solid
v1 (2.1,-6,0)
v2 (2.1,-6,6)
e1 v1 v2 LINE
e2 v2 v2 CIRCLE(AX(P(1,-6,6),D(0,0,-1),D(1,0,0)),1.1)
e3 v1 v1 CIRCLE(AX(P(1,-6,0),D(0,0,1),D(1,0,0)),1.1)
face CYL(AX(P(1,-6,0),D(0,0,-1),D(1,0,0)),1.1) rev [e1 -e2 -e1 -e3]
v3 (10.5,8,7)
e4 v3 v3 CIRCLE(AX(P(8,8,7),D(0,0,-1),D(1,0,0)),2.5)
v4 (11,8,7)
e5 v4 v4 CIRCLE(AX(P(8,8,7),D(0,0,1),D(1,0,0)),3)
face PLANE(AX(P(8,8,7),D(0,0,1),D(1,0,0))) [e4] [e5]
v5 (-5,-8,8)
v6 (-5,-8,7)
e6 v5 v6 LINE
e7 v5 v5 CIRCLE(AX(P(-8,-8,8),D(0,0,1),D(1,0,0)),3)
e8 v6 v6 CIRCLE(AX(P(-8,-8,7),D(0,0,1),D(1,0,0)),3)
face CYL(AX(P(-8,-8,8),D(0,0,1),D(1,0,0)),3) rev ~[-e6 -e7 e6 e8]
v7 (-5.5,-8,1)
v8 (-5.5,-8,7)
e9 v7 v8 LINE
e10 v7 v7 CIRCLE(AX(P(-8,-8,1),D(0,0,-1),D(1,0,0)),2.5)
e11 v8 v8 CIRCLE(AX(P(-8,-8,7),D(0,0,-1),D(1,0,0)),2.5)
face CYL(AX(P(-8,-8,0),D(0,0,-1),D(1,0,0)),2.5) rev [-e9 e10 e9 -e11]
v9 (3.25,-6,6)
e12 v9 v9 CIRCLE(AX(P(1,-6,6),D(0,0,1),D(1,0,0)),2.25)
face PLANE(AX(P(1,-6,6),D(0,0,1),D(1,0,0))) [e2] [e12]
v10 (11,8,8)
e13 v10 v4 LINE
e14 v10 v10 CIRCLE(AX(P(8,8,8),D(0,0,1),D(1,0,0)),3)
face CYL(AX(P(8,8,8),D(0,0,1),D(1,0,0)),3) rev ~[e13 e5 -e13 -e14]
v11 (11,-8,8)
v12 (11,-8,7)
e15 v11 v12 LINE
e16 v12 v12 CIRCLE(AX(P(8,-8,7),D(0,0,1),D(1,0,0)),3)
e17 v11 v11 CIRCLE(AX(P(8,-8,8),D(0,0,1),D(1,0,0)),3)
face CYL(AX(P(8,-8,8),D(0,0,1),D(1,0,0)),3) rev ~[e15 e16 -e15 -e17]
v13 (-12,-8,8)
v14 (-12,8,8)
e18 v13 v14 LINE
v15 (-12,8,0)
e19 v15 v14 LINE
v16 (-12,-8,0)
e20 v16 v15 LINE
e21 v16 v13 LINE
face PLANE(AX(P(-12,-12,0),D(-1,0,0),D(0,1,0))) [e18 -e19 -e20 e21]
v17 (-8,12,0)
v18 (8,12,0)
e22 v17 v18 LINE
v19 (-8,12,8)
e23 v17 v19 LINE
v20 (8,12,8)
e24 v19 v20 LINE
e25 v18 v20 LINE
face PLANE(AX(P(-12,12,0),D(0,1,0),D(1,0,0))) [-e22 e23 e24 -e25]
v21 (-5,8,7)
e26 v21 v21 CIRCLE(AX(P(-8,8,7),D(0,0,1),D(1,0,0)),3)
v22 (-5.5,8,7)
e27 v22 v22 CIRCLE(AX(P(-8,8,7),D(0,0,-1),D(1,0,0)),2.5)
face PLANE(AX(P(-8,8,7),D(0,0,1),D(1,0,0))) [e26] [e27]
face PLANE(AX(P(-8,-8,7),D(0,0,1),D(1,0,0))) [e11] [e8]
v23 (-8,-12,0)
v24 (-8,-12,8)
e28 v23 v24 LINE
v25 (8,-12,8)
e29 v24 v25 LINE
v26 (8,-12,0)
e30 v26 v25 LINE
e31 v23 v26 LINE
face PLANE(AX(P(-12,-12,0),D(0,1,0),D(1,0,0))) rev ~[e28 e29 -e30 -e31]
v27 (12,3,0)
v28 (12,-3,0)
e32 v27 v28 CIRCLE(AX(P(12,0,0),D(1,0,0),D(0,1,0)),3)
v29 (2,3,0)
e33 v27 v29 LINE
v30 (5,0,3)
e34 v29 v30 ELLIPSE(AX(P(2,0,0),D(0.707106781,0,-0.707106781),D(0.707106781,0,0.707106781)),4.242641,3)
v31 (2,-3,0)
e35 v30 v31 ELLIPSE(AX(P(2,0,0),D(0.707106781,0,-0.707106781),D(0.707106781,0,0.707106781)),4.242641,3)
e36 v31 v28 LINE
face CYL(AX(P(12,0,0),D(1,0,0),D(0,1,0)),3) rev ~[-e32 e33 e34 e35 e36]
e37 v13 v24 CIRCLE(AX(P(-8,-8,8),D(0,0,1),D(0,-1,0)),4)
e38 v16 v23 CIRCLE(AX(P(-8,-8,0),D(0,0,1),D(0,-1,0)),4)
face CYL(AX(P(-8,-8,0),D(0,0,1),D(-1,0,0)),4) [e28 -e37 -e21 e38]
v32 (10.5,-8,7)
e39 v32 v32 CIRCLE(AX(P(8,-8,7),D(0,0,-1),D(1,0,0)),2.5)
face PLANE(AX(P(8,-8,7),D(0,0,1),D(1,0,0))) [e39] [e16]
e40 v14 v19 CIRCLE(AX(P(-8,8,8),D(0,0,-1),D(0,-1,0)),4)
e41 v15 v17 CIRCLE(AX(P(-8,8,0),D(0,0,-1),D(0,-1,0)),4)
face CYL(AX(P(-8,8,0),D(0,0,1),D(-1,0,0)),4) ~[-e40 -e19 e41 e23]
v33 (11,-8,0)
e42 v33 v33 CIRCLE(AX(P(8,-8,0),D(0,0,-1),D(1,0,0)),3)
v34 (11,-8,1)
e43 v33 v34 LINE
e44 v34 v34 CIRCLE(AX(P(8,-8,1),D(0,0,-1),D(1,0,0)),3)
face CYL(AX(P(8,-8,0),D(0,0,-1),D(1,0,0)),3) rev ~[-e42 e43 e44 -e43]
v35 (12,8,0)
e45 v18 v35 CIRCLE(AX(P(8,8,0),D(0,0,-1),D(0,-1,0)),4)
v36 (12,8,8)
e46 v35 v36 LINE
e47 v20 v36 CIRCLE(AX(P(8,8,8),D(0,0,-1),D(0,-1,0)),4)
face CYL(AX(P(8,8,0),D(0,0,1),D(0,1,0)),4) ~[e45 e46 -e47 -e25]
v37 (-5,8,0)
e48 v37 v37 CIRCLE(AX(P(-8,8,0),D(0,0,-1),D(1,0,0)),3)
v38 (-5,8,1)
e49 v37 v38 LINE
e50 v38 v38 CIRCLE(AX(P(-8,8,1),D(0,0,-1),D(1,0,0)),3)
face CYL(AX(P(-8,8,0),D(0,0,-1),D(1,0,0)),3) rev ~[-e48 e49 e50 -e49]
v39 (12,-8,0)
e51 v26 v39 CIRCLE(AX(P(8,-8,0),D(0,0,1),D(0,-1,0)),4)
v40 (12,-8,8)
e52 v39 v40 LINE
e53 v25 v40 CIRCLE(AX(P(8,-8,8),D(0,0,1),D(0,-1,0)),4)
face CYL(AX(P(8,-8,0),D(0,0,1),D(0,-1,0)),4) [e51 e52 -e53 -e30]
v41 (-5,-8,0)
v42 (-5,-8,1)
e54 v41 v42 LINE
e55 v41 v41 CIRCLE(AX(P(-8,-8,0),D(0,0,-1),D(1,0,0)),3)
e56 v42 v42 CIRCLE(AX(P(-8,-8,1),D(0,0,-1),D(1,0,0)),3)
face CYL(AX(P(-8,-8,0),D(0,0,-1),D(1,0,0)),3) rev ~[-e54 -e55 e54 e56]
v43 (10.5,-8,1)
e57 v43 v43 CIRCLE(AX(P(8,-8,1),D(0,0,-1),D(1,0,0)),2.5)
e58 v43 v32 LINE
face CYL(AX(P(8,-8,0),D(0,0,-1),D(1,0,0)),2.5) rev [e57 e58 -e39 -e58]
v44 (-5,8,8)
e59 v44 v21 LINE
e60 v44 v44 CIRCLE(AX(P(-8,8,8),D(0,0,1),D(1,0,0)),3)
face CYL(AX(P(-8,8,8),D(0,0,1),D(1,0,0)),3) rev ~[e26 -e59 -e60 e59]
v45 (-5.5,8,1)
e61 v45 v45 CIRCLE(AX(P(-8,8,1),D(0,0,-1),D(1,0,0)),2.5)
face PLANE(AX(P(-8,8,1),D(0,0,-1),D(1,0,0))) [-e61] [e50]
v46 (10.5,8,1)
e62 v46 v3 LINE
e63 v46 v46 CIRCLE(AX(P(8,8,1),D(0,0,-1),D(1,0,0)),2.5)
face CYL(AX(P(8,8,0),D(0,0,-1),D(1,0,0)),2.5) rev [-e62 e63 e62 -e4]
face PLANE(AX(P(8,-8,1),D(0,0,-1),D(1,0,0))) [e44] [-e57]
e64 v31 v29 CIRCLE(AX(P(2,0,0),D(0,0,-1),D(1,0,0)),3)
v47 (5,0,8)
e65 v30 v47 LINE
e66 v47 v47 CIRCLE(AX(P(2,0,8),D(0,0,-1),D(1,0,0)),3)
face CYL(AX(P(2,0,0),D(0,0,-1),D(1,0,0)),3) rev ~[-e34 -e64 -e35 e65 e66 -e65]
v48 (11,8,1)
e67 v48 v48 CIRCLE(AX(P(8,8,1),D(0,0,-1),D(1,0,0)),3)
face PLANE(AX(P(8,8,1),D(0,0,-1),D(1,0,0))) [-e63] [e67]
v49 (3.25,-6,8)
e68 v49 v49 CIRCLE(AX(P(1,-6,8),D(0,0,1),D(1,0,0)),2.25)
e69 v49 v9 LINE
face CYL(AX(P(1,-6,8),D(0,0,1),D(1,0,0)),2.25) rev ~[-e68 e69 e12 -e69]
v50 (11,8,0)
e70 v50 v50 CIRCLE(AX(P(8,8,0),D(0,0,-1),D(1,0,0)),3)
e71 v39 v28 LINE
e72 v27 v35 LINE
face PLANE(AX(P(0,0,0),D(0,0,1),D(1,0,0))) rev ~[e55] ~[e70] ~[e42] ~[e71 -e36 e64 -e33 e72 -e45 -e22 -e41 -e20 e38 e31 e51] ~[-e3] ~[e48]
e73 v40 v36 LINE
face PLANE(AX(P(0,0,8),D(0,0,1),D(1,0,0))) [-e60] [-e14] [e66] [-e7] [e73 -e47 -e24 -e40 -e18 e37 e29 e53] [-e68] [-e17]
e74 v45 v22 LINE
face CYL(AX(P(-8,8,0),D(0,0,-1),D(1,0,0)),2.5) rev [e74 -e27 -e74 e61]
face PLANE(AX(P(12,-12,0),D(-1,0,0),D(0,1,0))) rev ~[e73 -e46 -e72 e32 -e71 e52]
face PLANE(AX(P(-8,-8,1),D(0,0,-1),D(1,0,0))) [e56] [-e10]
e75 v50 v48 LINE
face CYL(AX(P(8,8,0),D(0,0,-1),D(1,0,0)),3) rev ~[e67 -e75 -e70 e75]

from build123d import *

# Parameters (mm, degrees)
SKETCH_W        = 24
SKETCH_H        = 24
SKETCH_R        = 2.5
SKETCH_R_2      = 1.1
PAD_DEPTH       = 8
SKETCH001_R     = 3
POCKET_DEPTH    = 1
SKETCH002_R     = 3
POCKET001_DEPTH = 10
SKETCH003_R     = 3
POCKET002_DEPTH = 8
FILLET_R        = 4
SKETCH004_R     = 2.25
POCKET003_DEPTH = 2
SKETCH005_R     = 3
POCKET004_DEPTH = 1


with BuildPart() as part:
    # Sketch → Pad (new body)
    with BuildSketch(Plane.XY):
        Rectangle(SKETCH_W, SKETCH_H)
        with Locations((-8, 8)):
            Circle(SKETCH_R, mode=Mode.SUBTRACT)
        with Locations((8, 8)):
            Circle(SKETCH_R, mode=Mode.SUBTRACT)
        with Locations((-8, -8)):
            Circle(SKETCH_R, mode=Mode.SUBTRACT)
        with Locations((8, -8)):
            Circle(SKETCH_R, mode=Mode.SUBTRACT)
        with Locations((1, -6)):
            Circle(SKETCH_R_2, mode=Mode.SUBTRACT)
    extrude(amount=PAD_DEPTH)

    # Sketch001 (on Face10 of Pad) → Pocket (cut)
    with BuildSketch(Plane(origin=(0, 0, 0), x_dir=(1, 0, 0), z_dir=(0, 0, -1))):
        with Locations((-8, 8)):
            Circle(SKETCH001_R)
        with Locations((8, 8)):
            Circle(SKETCH001_R)
        with Locations((8, -8)):
            Circle(SKETCH001_R)
        with Locations((-8, -8)):
            Circle(SKETCH001_R)
    extrude(amount=-POCKET_DEPTH, mode=Mode.SUBTRACT)

    # Sketch002 (on Face6 of Pocket) → Pocket001 (cut)
    with BuildSketch(Plane.YZ.offset(12)):
        Circle(SKETCH002_R)
    extrude(amount=-POCKET001_DEPTH, mode=Mode.SUBTRACT)

    # Sketch003 (on Face4 of Pocket001) → Pocket002 (cut)
    with BuildSketch(Plane(origin=(0, 0, 0), x_dir=(1, 0, 0), z_dir=(0, 0, -1))):
        with Locations((2, 0)):
            Circle(SKETCH003_R)
    extrude(amount=-POCKET002_DEPTH, mode=Mode.SUBTRACT)

    # Fillet
    fillet_edges = [part.edges().sort_by_distance(p)[0] for p in [
        (12, 12, 4),
        (12, -12, 4),
        (-12, -12, 4),
        (-12, 12, 4),
    ]]
    fillet(fillet_edges, radius=FILLET_R)

    # Sketch004 (on Face5 of Fillet) → Pocket003 (cut)
    with BuildSketch(Plane.XY.offset(8)):
        with Locations((1, -6)):
            Circle(SKETCH004_R)
    extrude(amount=-POCKET003_DEPTH, mode=Mode.SUBTRACT)

    # Sketch005 (on Face5 of Pocket003) → Pocket004 (cut)
    with BuildSketch(Plane.XY.offset(8)):
        with Locations((8, 8)):
            Circle(SKETCH005_R)
        with Locations((-8, -8)):
            Circle(SKETCH005_R)
        with Locations((8, -8)):
            Circle(SKETCH005_R)
        with Locations((-8, 8)):
            Circle(SKETCH005_R)
    extrude(amount=-POCKET004_DEPTH, mode=Mode.SUBTRACT)


solid = part.part
